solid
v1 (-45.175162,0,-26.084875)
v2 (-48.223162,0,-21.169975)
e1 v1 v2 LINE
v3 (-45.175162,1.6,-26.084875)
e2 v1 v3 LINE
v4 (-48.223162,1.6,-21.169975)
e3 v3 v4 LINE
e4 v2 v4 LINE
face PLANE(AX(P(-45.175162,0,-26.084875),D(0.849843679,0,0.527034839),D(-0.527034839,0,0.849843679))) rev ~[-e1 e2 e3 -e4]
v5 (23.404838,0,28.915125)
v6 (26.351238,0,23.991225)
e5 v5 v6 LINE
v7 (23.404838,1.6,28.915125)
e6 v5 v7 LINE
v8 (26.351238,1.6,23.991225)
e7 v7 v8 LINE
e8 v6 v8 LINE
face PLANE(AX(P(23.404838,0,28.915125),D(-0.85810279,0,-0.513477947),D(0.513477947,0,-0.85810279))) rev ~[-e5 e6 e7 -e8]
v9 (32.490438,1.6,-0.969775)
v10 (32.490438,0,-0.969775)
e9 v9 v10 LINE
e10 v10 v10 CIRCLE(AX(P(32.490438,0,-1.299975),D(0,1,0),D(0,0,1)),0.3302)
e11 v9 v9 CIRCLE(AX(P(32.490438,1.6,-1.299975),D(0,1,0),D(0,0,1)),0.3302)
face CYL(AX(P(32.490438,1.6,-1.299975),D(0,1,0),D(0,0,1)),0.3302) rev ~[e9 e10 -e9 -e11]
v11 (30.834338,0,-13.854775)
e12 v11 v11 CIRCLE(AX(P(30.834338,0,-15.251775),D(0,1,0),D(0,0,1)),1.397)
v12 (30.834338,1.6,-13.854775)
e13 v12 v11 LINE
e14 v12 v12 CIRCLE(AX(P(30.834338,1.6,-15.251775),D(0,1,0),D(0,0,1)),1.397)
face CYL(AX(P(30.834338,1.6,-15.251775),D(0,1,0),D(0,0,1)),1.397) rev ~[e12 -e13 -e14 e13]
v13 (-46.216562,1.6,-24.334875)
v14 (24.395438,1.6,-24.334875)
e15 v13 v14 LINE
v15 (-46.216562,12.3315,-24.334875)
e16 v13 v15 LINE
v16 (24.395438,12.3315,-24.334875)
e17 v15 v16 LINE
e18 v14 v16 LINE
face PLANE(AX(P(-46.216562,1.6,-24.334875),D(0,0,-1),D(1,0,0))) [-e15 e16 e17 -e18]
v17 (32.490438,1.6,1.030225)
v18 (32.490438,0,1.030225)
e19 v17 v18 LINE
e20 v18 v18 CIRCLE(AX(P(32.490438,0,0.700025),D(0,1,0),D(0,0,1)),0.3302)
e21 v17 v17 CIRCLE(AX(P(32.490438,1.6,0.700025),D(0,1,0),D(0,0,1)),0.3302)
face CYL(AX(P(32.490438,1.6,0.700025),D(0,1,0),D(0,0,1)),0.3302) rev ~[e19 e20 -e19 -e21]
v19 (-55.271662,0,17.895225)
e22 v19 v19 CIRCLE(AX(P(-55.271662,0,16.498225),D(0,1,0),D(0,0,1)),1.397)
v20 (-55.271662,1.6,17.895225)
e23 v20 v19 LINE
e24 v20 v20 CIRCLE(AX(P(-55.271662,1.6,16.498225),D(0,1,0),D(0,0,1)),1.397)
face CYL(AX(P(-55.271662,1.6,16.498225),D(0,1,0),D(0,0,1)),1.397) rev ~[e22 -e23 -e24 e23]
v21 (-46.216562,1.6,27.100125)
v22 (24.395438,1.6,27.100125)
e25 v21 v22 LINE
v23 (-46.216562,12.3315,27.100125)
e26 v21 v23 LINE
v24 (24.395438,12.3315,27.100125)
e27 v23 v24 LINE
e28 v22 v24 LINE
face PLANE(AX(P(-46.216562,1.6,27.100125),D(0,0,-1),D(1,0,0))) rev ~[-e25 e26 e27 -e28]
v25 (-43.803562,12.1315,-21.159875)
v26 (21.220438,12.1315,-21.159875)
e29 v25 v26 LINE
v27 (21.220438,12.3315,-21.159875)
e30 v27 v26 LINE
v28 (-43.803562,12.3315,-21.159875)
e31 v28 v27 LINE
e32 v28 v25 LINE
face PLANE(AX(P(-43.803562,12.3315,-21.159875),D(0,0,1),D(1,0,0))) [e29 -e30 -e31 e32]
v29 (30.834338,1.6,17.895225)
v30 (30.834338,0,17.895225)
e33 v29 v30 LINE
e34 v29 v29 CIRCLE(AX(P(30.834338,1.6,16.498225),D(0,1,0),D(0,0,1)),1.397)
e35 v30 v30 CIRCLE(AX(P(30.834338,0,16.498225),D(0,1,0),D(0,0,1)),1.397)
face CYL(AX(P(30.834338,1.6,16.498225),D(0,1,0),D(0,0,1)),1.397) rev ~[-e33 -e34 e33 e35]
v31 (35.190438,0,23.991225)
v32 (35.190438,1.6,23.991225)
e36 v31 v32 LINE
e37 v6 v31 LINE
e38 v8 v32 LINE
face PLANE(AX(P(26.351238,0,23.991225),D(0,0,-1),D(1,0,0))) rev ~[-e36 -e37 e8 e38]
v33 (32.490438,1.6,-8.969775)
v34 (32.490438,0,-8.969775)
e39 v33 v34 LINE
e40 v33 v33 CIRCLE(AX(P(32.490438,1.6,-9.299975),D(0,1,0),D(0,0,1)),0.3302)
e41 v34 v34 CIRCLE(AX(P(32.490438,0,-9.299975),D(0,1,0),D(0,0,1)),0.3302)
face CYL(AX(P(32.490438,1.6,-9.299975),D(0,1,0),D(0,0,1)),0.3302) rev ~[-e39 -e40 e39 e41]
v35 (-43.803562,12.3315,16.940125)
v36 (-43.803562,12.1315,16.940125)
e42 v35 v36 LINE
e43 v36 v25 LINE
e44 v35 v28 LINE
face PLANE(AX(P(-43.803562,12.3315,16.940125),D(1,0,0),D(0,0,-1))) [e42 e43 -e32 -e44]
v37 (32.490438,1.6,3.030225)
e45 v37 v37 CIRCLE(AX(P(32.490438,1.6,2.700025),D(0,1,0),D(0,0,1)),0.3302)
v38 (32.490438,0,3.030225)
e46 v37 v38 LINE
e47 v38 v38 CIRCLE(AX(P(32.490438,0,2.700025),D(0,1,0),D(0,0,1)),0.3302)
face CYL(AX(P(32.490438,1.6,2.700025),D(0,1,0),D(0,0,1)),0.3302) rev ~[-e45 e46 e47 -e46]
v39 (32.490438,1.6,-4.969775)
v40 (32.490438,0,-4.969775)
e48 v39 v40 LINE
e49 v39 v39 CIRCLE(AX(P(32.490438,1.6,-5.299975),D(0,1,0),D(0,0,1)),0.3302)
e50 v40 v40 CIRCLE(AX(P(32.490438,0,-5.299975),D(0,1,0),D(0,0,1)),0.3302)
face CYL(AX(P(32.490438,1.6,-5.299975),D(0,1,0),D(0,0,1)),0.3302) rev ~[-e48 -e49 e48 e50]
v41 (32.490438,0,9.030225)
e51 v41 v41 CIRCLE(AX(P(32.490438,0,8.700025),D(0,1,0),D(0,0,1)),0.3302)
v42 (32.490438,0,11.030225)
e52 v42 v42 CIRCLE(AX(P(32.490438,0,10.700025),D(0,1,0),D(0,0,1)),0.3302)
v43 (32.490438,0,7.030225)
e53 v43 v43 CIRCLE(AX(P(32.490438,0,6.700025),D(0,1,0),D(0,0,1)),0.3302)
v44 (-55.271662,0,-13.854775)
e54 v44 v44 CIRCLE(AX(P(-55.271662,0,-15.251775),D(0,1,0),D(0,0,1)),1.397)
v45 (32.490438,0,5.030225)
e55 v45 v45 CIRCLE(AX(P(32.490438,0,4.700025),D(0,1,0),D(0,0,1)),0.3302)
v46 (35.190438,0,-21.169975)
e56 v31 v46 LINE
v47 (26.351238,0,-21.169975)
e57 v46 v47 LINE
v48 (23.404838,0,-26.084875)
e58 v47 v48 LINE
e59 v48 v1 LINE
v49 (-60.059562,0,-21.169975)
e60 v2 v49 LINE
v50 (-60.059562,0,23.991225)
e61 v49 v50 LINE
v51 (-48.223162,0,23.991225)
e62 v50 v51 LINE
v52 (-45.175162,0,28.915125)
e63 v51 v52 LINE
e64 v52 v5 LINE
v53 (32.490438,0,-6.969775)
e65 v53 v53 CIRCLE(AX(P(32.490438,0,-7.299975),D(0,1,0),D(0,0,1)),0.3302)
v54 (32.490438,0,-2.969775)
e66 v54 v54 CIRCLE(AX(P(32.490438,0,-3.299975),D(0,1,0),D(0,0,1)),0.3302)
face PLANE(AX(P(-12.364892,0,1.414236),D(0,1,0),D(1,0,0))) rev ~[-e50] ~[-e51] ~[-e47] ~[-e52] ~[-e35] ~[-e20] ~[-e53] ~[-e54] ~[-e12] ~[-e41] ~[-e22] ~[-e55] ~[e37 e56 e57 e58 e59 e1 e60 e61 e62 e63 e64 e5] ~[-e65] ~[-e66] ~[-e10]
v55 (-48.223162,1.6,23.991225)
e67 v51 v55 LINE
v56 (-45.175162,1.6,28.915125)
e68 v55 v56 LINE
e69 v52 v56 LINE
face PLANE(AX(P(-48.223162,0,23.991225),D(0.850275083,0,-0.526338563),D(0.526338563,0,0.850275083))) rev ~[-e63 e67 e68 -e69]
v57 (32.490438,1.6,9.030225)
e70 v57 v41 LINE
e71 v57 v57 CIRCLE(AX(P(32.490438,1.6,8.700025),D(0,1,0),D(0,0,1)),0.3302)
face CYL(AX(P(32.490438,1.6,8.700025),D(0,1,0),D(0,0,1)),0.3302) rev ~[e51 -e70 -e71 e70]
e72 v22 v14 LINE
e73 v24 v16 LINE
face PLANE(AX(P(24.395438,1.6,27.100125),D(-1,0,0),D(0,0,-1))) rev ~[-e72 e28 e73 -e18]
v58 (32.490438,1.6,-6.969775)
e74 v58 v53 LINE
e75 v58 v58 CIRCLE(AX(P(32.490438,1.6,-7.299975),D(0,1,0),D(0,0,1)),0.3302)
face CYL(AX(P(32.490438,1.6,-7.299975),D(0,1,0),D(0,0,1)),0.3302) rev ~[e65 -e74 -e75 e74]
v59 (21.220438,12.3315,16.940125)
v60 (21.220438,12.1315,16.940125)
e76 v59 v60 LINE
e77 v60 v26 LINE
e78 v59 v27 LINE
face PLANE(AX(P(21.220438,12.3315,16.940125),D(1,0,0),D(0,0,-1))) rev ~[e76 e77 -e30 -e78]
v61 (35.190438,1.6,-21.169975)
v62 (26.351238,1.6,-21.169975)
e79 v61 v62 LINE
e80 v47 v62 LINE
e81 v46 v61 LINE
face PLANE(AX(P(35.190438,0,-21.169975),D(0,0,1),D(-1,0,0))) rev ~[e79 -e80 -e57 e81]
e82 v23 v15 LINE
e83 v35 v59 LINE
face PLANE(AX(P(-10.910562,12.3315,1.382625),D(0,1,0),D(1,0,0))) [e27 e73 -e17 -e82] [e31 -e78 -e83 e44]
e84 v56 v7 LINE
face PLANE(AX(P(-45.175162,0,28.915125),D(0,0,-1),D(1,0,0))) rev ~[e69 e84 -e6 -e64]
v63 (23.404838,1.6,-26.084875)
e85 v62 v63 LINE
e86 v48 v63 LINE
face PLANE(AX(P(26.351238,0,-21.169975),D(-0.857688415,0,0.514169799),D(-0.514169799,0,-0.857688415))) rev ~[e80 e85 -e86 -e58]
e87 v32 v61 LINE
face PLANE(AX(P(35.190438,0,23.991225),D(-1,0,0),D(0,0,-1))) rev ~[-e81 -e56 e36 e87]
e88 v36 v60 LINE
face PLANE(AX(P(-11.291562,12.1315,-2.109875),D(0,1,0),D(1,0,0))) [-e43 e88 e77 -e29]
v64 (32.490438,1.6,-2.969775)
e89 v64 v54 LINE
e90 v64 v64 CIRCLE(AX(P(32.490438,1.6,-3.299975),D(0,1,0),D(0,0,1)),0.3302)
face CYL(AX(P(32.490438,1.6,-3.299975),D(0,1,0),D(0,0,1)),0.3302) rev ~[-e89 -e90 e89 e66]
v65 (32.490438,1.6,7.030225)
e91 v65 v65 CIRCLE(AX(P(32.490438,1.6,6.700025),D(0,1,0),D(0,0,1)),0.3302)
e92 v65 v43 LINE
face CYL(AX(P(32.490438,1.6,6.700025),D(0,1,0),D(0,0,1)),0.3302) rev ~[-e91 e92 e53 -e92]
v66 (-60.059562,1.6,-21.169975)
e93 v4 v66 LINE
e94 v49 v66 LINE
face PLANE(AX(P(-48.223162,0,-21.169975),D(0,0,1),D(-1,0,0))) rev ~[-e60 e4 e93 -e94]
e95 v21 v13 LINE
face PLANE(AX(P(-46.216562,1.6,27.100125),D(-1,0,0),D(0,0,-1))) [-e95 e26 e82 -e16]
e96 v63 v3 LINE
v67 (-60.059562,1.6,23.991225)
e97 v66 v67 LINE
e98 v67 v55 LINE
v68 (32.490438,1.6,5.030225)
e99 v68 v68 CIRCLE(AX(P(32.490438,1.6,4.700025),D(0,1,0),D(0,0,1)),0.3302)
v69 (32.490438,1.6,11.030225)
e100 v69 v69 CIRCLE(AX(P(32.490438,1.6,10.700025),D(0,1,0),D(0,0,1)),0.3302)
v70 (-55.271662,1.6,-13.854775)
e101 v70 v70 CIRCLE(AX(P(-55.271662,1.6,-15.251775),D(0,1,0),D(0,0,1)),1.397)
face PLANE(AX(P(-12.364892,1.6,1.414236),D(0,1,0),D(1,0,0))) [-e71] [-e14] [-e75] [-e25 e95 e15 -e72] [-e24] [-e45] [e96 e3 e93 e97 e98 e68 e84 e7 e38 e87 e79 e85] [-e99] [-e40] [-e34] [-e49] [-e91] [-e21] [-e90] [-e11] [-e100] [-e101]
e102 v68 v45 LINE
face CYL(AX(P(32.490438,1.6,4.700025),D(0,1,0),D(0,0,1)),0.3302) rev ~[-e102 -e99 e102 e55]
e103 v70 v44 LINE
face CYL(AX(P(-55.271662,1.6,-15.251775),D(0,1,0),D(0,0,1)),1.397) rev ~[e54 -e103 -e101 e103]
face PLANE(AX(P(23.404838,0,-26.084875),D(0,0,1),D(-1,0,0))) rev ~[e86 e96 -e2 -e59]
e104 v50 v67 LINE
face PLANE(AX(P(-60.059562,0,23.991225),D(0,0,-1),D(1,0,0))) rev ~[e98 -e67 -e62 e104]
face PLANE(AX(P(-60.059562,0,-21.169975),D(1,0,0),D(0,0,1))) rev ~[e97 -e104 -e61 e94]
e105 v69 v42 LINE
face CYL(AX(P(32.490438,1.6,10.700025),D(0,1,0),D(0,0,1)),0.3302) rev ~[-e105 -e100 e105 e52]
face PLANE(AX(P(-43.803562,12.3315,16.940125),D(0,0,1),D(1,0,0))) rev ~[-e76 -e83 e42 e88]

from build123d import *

# Parameters (mm, degrees)
BOSS_EXTRUDE1_DEPTH = 1.6
SKETCH2_R           = 1.397
CUT_EXTRUDE1_DEPTH  = 67.676798076
SKETCH3_W           = 70.612
SKETCH3_H           = 51.435
BOSS_EXTRUDE2_DEPTH = 10.7315
SKETCH4_W           = 65.024
SKETCH4_H           = 38.1
CUT_EXTRUDE2_DEPTH  = 0.2
SKETCH5_R           = 0.3302
CUT_EXTRUDE3_DEPTH  = 68.515927705
LPATTERN1_COUNT     = 11
LPATTERN1_PITCH     = 2


with BuildPart() as part:
    # Sketch1 → Boss-Extrude1 (new body)
    with BuildSketch(Plane(origin=(0, 0, 0), x_dir=(1, 0, 0), z_dir=(0, 1, 0))):
        Polygon((-60.059561589, 21.169974834), (-60.059561589, -23.991225166), (-48.223161589, -23.991225166), (-45.175161589, -28.915125166), (23.404838411, -28.915125166), (26.351238411, -23.991225166), (35.190438411, -23.991225166), (35.190438411, 21.169974834), (26.351238411, 21.169974834), (23.404838411, 26.084874834), (-45.175161589, 26.084874834), (-48.223161589, 21.169974834), align=None)
    extrude(amount=BOSS_EXTRUDE1_DEPTH)

    # Sketch2 → Cut-Extrude1 (cut, through all)
    with BuildSketch(Plane(origin=(0, 1.6, 0), x_dir=(1, 0, 0), z_dir=(0, 1, 0))):
        with Locations(Location((-55.271661589, 15.251774834, 0), (0, 0, 270))):
            Circle(SKETCH2_R)
        with Locations(Location((-55.271661589, -16.498225166, 0), (0, 0, 270))):
            Circle(SKETCH2_R)
        with Locations(Location((30.834338411, -16.498225166, 0), (0, 0, 270))):
            Circle(SKETCH2_R)
        with Locations(Location((30.834338411, 15.251774834, 0), (0, 0, 270))):
            Circle(SKETCH2_R)
    extrude(amount=-CUT_EXTRUDE1_DEPTH, mode=Mode.SUBTRACT)

    # Sketch3 → Boss-Extrude2 (add)
    with BuildSketch(Plane(origin=(0, 1.6, 0), x_dir=(1, 0, 0), z_dir=(0, 1, 0))):
        with Locations((-10.910561589, -1.382625166)):
            Rectangle(SKETCH3_W, SKETCH3_H)
    extrude(amount=BOSS_EXTRUDE2_DEPTH)

    # Sketch4 → Cut-Extrude2 (cut)
    with BuildSketch(Plane(origin=(0, 12.3315, 0), x_dir=(1, 0, 0), z_dir=(0, 1, 0))):
        with Locations((-11.291561589, 2.109874834)):
            Rectangle(SKETCH4_W, SKETCH4_H)
    extrude(amount=-CUT_EXTRUDE2_DEPTH, mode=Mode.SUBTRACT)

    # Sketch5 → Cut-Extrude3 (cut, through all)
    with BuildSketch(Plane(origin=(0, 1.6, 0), x_dir=(1, 0, 0), z_dir=(0, 1, 0))):
        with Locations(Location((32.490438411, 9.299974834, 0), (0, 0, 270))):
            Circle(SKETCH5_R)
    cut_extrude3 = extrude(amount=-CUT_EXTRUDE3_DEPTH, mode=Mode.SUBTRACT)

    # LPattern1: Cut-Extrude3 ×11
    with Locations(*[(0, 0, i * LPATTERN1_PITCH) for i in range(1, LPATTERN1_COUNT)]):
        add(cut_extrude3, mode=Mode.SUBTRACT)


solid = part.part
